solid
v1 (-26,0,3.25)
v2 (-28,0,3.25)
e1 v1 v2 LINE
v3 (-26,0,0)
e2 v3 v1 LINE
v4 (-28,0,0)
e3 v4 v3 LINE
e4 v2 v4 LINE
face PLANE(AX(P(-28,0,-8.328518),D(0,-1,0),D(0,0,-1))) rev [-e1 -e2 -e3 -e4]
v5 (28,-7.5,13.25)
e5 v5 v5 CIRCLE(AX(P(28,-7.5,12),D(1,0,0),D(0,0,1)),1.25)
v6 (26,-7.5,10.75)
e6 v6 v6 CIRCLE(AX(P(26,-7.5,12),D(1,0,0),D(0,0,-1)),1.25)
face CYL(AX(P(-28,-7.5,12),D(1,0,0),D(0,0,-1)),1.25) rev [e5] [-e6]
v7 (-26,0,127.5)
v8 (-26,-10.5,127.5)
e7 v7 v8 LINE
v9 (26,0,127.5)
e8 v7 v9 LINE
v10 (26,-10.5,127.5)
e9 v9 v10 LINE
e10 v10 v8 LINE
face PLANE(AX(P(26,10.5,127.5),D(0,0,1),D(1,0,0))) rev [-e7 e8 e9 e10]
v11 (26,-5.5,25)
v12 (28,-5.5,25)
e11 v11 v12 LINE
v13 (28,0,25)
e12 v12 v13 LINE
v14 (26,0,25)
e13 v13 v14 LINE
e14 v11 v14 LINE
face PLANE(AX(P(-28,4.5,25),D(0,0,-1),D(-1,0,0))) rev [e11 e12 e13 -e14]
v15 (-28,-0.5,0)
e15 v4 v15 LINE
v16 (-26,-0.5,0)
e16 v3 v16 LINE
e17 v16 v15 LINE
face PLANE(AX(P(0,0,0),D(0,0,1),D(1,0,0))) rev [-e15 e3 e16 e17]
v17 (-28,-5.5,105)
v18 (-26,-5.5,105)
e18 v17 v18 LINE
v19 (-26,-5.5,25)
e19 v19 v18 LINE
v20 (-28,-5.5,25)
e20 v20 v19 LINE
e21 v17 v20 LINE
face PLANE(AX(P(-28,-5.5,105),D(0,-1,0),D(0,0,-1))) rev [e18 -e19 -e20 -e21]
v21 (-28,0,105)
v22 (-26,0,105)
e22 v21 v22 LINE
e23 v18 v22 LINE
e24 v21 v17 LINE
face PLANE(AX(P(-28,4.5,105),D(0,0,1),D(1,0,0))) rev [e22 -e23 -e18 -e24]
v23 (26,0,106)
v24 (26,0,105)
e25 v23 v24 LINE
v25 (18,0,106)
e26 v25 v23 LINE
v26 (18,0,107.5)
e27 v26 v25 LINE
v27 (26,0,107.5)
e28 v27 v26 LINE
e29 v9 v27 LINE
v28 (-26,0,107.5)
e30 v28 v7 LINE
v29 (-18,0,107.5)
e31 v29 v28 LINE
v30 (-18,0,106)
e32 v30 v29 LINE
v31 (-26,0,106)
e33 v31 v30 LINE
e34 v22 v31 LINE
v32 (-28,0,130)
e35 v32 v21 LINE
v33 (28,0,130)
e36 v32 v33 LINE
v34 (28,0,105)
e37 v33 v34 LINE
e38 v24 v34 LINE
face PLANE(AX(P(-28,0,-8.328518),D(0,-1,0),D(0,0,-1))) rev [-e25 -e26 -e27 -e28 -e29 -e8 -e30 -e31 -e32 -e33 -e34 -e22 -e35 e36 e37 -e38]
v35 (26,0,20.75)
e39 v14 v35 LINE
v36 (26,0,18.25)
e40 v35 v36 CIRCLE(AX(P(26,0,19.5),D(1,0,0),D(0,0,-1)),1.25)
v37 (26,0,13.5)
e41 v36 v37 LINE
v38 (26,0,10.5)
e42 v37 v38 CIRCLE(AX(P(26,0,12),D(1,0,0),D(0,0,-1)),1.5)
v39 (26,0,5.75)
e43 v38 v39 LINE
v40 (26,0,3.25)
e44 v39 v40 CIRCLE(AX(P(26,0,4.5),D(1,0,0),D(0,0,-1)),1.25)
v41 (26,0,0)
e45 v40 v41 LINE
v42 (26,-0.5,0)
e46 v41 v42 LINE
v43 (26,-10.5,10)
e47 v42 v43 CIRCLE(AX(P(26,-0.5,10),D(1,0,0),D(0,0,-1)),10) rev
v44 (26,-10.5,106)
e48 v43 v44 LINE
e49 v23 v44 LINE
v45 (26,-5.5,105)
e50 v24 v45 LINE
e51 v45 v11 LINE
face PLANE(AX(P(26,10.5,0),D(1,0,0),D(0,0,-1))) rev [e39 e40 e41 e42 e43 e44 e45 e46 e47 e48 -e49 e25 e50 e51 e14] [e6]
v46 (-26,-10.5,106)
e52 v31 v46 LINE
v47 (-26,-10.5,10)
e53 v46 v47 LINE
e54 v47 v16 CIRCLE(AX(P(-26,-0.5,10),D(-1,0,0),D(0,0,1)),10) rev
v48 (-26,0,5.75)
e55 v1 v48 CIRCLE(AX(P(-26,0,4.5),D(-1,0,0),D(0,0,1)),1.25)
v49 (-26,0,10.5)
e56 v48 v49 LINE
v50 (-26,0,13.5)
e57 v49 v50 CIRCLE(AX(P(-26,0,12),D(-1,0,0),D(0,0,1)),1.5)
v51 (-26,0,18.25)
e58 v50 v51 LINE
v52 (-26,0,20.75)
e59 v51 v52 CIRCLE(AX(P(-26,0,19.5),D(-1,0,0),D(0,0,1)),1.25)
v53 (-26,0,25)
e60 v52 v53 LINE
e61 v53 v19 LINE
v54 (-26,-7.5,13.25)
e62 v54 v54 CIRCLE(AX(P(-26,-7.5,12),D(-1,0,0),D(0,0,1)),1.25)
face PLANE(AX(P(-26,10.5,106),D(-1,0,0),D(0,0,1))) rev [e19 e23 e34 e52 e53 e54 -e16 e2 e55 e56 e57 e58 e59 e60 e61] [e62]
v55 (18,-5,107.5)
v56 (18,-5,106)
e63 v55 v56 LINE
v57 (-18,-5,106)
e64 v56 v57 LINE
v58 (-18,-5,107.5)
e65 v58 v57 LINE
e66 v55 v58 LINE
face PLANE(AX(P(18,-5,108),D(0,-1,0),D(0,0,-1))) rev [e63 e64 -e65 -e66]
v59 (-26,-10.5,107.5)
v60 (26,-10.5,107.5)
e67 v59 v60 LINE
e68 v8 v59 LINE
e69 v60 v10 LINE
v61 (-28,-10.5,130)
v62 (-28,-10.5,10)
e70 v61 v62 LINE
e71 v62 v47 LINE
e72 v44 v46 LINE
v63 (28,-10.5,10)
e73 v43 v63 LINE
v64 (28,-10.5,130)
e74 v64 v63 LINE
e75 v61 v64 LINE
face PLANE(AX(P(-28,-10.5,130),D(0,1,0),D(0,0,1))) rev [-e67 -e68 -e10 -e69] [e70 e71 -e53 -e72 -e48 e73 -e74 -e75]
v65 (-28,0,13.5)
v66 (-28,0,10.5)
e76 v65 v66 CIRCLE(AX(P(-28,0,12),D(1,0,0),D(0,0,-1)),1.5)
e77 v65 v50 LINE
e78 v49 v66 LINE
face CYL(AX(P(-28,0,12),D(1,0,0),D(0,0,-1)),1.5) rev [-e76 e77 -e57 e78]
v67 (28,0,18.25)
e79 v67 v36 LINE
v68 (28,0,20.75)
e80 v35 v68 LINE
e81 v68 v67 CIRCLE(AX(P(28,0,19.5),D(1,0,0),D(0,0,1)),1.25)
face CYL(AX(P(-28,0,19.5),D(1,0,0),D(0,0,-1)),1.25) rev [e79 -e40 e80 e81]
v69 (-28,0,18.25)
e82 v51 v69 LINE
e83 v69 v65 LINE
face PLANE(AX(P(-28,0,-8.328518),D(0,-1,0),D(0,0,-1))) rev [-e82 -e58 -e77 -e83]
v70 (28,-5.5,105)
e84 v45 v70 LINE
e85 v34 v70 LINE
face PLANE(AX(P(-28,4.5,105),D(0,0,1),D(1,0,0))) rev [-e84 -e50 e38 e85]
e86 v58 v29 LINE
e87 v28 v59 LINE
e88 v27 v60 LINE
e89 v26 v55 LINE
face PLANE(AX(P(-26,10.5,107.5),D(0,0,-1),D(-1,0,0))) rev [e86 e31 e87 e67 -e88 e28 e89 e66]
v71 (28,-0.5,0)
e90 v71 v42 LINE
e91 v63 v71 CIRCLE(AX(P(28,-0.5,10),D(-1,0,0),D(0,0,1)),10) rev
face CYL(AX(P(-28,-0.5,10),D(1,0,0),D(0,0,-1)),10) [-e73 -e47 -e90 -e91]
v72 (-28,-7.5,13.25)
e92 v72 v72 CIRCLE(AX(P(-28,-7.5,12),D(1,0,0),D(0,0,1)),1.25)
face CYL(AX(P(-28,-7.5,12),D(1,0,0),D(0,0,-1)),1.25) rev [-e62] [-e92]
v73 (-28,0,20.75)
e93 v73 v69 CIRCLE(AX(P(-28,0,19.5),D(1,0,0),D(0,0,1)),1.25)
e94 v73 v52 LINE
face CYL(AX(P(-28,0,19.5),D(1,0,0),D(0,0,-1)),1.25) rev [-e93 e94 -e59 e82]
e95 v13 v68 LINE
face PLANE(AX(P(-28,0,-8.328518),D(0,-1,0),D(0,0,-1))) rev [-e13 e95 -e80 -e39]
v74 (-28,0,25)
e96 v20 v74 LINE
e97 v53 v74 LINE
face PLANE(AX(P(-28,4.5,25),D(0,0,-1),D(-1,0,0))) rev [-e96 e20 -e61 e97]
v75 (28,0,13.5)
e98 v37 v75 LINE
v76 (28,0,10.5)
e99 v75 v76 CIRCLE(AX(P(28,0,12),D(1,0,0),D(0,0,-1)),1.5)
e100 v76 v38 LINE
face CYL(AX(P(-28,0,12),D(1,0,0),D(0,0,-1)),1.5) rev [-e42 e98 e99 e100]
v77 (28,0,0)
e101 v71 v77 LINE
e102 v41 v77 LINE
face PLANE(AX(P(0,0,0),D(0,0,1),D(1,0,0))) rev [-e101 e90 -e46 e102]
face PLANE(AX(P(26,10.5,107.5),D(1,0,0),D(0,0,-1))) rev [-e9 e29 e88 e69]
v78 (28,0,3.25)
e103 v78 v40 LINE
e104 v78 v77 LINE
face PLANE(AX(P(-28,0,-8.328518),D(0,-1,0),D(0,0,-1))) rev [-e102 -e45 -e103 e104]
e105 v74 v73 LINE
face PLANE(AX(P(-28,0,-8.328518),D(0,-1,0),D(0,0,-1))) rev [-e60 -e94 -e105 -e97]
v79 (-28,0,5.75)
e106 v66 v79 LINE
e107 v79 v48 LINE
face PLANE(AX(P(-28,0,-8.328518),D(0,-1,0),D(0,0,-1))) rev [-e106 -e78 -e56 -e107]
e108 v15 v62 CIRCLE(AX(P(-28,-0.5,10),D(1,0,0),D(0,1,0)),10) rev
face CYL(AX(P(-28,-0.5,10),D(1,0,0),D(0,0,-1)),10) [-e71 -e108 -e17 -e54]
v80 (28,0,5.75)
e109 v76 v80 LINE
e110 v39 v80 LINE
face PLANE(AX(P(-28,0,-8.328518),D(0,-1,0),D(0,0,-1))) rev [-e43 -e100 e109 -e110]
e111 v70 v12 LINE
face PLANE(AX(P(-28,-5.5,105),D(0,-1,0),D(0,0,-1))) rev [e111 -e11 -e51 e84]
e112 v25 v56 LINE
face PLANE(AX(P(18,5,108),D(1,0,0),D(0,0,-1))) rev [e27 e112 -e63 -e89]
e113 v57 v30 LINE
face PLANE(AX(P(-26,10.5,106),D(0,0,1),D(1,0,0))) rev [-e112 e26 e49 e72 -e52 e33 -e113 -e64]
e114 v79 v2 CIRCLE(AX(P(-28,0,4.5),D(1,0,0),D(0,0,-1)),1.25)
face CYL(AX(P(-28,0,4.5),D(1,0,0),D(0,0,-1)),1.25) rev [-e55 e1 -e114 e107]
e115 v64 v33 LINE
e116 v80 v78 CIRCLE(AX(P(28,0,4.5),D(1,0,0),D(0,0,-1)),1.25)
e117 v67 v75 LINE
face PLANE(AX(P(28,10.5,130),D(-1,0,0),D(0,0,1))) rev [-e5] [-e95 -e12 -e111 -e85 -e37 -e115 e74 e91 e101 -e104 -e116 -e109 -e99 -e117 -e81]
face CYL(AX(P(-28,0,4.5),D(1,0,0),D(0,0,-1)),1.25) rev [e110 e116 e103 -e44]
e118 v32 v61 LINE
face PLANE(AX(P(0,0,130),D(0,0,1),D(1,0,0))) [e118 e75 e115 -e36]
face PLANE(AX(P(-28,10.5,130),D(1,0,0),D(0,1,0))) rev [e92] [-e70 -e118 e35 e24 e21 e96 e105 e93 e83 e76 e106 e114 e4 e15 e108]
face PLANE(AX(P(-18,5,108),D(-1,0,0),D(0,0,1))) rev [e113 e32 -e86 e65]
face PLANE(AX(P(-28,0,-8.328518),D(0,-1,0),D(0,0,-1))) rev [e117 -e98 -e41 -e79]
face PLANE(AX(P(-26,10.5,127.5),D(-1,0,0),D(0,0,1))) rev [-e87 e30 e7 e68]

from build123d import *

# Parameters (mm, degrees)
SKETCH3_W           = 56
SKETCH3_H           = 21
BOSS_EXTRUDE1_DEPTH = 130
SKETCH4_W           = 52
SKETCH4_H           = 106
SKETCH4_H_2         = 20
CUT_EXTRUDE3_DEPTH  = 22
SKETCH6_R           = 1.5
SKETCH6_R_2         = 1.25
CUT_EXTRUDE4_DEPTH  = 57
FILLET1_R           = 10
SKETCH7_W           = 80
SKETCH7_H           = 10
CUT_EXTRUDE5_DEPTH  = 57
SKETCH8_W           = 36
SKETCH8_H           = 10
CUT_EXTRUDE6_DEPTH  = 2
CUT_EXTRUDE7_DEPTH  = 57


with BuildPart() as part:
    # Sketch3 → Boss-Extrude1 (new body)
    with BuildSketch(Plane.XY):
        Rectangle(SKETCH3_W, SKETCH3_H)
    extrude(amount=BOSS_EXTRUDE1_DEPTH)

    # Sketch4 → Cut-Extrude3 (cut, through all)
    with BuildSketch(Plane.XZ.offset(10.5)):
        with Locations((0, 53)):
            Rectangle(SKETCH4_W, SKETCH4_H)
        with Locations((0, 117.5)):
            Rectangle(SKETCH4_W, SKETCH4_H_2)
    extrude(amount=-CUT_EXTRUDE3_DEPTH, mode=Mode.SUBTRACT)

    # Sketch6 → Cut-Extrude4 (cut, through all)
    with BuildSketch(Plane(origin=(28, 0, 0), x_dir=(0, 0, -1), z_dir=(1, 0, 0))):
        with Locations((-12, 0)):
            Circle(SKETCH6_R)
        with Locations((-4.5, 0)):
            Circle(SKETCH6_R_2)
        with Locations((-19.5, 0)):
            Circle(SKETCH6_R_2)
        with Locations((-12, 7.5)):
            Circle(SKETCH6_R_2)
        with Locations((-12, -7.5)):
            Circle(SKETCH6_R_2)
    extrude(amount=-CUT_EXTRUDE4_DEPTH, mode=Mode.SUBTRACT)

    # Fillet1
    fillet1_edges = [part.edges().sort_by_distance(p)[0] for p in [
        (27, -10.5, 0),
        (-27, 10.5, 0),
        (-27, -10.5, 0),
        (27, 10.5, 0),
    ]]
    fillet(fillet1_edges, radius=FILLET1_R)

    # Sketch7 → Cut-Extrude5 (cut, through all)
    with BuildSketch(Plane(origin=(28, 0, 0), x_dir=(0, 0, -1), z_dir=(1, 0, 0))):
        with Locations((-65, -0.5)):
            Rectangle(SKETCH7_W, SKETCH7_H)
    extrude(amount=-CUT_EXTRUDE5_DEPTH, mode=Mode.SUBTRACT)

    # Sketch8 → Cut-Extrude6 (cut)
    with BuildSketch(Plane(origin=(0, 0, 106), x_dir=(-1, 0, 0), z_dir=(0, 0, -1))):
        Rectangle(SKETCH8_W, SKETCH8_H)
    extrude(amount=-CUT_EXTRUDE6_DEPTH, mode=Mode.SUBTRACT)

    # Sketch9 → Cut-Extrude7 (cut, through all)
    with BuildSketch(Plane(origin=(28, 0, 0), x_dir=(0, 0, -1), z_dir=(1, 0, 0))):
        Polygon((8.328518313, 0), (-140.648225394, 0), (-140.648225394, 18.171038809), (9.8749897, 18.171038809), (9.8749897, 0), align=None)
    extrude(amount=-CUT_EXTRUDE7_DEPTH, mode=Mode.SUBTRACT)


solid = part.part
